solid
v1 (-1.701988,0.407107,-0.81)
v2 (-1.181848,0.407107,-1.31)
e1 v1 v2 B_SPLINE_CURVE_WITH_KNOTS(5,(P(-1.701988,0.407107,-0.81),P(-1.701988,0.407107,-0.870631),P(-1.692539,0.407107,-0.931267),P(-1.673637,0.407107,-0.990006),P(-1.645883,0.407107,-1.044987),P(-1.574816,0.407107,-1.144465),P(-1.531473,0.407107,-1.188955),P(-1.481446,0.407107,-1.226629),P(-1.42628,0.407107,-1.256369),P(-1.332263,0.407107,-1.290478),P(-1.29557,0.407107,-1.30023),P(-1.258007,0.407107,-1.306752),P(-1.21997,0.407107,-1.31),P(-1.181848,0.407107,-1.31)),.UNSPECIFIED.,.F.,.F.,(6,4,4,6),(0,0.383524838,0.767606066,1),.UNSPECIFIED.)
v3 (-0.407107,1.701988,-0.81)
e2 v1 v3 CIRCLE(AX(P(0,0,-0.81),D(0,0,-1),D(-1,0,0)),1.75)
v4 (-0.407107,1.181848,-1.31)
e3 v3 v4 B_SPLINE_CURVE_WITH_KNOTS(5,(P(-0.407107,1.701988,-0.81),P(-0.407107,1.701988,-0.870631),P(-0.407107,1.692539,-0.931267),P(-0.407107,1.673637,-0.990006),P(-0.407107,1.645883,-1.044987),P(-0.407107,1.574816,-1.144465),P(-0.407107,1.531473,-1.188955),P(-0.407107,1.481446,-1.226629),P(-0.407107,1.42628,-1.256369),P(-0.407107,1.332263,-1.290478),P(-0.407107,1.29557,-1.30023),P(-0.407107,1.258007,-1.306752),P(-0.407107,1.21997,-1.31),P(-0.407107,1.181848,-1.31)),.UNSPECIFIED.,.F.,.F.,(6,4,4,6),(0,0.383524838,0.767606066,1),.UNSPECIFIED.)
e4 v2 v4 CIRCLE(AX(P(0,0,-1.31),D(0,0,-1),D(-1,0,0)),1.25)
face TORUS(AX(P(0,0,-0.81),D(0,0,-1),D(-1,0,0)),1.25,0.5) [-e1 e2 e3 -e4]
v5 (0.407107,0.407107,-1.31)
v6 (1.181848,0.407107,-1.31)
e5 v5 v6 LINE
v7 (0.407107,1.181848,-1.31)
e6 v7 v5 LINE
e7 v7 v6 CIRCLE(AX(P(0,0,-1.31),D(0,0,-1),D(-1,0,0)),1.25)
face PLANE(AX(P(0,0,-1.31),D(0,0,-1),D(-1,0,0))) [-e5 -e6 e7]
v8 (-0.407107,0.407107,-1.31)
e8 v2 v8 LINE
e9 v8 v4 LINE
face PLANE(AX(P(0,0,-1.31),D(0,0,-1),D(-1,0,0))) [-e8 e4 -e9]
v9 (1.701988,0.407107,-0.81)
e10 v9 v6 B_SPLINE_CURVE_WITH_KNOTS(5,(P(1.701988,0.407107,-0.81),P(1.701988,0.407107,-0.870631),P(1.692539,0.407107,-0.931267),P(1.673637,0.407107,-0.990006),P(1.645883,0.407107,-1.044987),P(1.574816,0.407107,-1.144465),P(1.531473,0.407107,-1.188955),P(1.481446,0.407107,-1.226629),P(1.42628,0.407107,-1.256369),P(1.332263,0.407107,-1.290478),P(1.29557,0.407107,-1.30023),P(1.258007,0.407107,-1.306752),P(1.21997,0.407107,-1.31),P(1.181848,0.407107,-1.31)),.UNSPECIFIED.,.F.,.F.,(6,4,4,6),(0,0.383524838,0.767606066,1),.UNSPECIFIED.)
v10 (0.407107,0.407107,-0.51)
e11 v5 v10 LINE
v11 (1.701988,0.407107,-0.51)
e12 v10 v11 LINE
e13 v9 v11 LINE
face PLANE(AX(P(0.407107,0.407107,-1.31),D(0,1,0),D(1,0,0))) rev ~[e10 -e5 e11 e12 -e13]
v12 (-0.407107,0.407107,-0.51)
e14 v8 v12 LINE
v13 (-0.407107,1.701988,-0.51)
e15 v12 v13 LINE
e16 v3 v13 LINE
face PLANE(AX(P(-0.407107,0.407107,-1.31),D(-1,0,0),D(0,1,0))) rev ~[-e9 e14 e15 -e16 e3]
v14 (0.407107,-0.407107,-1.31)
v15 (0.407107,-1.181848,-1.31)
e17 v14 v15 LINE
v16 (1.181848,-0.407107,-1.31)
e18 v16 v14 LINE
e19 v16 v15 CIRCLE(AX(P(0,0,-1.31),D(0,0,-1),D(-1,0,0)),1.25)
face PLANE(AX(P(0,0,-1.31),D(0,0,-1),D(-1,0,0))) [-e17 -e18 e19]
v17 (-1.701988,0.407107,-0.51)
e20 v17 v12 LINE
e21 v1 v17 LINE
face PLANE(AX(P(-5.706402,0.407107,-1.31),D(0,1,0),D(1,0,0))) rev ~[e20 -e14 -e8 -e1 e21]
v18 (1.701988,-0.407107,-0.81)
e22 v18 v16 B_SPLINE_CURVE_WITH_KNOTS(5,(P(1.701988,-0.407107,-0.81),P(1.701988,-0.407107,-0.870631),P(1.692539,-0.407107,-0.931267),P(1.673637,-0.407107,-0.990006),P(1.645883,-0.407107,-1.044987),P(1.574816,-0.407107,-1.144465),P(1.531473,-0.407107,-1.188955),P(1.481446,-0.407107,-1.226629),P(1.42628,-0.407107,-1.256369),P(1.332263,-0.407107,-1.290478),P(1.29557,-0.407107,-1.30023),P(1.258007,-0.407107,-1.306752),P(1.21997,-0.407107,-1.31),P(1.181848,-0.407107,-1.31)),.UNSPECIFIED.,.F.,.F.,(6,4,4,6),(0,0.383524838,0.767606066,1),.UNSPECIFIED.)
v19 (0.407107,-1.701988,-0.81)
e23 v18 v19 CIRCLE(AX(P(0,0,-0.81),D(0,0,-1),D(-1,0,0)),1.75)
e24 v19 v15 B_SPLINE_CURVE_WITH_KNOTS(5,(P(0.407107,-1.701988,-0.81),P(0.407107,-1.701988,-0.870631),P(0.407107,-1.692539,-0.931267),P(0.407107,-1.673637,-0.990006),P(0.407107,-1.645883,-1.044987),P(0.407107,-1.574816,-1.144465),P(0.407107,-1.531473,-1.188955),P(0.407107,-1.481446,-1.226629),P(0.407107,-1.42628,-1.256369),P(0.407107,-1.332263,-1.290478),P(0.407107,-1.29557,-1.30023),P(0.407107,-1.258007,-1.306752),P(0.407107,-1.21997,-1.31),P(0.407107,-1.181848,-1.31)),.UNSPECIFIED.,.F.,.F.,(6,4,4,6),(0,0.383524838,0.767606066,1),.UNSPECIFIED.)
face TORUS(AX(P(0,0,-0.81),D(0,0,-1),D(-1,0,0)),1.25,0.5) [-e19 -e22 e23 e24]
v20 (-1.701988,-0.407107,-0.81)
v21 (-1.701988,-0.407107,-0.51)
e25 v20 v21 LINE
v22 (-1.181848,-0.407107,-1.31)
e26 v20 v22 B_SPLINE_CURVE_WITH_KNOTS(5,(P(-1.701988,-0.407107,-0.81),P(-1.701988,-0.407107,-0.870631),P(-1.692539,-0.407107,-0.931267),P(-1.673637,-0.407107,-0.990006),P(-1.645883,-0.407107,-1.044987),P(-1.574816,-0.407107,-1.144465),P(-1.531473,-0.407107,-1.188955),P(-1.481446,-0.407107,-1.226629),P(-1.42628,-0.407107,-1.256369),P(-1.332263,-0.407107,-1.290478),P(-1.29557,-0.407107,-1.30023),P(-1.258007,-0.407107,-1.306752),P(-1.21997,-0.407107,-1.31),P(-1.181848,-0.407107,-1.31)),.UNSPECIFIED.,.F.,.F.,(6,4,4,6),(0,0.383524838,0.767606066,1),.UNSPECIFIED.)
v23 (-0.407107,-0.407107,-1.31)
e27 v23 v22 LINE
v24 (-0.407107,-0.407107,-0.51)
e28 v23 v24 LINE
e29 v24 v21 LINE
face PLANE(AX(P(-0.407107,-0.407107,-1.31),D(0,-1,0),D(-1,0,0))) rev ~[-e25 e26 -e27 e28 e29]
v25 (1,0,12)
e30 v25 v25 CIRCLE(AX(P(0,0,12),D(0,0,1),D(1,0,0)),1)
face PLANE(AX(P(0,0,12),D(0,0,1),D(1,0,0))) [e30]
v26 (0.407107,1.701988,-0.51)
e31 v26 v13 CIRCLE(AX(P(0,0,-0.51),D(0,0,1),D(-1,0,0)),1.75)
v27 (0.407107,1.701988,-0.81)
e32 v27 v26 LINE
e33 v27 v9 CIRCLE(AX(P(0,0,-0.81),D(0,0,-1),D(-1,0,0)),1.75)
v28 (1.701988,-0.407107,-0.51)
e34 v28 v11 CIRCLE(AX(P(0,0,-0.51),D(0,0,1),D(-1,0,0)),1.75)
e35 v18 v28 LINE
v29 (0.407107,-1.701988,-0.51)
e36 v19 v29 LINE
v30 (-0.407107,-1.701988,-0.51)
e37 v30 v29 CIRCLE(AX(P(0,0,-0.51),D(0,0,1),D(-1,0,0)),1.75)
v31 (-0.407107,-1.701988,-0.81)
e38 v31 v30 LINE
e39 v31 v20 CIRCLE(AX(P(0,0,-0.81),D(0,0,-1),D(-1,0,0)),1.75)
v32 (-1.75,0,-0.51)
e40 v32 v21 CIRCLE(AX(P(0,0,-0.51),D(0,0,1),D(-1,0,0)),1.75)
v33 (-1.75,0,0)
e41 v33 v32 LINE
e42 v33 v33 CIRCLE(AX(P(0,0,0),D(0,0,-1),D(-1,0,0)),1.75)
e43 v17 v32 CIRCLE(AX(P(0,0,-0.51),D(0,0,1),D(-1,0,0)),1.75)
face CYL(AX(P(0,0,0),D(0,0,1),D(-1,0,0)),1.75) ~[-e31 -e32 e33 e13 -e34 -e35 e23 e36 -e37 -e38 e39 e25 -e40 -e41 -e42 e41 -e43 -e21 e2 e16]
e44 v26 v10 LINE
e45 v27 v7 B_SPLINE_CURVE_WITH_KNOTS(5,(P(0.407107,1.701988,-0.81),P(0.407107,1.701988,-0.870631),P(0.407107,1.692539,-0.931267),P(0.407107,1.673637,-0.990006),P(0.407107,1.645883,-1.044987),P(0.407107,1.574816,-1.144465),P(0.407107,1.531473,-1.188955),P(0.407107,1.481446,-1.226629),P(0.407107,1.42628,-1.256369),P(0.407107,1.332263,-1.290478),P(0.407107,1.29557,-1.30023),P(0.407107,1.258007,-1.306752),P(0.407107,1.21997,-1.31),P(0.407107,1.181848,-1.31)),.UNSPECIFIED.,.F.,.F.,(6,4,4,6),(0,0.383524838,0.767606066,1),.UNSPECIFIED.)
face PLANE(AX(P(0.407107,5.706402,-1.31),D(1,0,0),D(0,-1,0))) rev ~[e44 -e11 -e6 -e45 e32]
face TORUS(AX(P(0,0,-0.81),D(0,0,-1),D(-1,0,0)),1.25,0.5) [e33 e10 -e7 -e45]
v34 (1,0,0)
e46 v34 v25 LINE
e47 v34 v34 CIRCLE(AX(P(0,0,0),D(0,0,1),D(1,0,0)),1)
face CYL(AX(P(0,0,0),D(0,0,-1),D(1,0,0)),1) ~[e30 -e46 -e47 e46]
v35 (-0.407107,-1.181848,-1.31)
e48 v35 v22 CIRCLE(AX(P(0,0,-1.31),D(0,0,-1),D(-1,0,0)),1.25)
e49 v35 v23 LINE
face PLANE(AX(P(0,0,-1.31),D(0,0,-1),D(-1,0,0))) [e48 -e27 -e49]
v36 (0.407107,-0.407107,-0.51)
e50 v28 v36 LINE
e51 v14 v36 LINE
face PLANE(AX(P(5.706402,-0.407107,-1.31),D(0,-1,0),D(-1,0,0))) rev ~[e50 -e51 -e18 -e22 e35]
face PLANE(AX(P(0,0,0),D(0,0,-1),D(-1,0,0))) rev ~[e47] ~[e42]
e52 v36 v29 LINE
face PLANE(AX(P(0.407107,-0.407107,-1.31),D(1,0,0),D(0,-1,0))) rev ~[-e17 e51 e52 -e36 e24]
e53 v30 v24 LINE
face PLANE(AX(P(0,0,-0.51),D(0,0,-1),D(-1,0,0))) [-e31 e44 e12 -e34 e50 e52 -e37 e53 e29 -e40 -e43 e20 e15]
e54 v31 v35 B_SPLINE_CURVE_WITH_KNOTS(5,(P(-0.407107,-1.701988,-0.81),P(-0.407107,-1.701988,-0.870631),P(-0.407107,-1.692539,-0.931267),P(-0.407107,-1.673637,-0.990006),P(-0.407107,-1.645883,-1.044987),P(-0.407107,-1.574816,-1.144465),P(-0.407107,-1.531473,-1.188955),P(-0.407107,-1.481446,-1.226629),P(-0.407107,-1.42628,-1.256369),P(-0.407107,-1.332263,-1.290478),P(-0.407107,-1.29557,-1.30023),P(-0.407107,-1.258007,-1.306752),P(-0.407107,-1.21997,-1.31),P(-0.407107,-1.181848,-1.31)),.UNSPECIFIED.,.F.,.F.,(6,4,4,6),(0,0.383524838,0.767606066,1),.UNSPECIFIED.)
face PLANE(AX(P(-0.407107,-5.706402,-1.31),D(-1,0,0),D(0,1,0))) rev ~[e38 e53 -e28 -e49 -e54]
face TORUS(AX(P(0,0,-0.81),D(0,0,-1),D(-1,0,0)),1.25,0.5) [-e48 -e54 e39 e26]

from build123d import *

# Parameters (mm, degrees)
SKETCH_1_R          = 1
EXTRUDE_1_DEPTH     = 12
SKETCH_2_R          = 1.75
EXTRUDE_2_DEPTH     = 1.31
FILLET_1_R          = 0.5
CUT_EXTRUDE_1_DEPTH = 0.8


with BuildPart() as part:
    # 草图1 → 凸台-拉伸1 (new body)
    with BuildSketch(Plane.XY):
        Circle(SKETCH_1_R)
    extrude(amount=EXTRUDE_1_DEPTH)

    # 草图2 → 凸台-拉伸2 (add)
    with BuildSketch(Plane(origin=(0, 0, 0), x_dir=(-1, 0, 0), z_dir=(0, 0, -1))):
        Circle(SKETCH_2_R)
    extrude(amount=EXTRUDE_2_DEPTH)

    # 圆角1
    fillet_1_edges = [part.edges().sort_by_distance(p)[0] for p in [
        (1.75, 0, -1.31),
    ]]
    fillet(fillet_1_edges, radius=FILLET_1_R)

    # 草图3 → 切除-拉伸1 (cut)
    with BuildSketch(Plane(origin=(0, 0, -1.31), x_dir=(-1, 0, 0), z_dir=(0, 0, -1))):
        Polygon((0.407106781, 0.407106781), (0.407106781, 5.706401657), (-0.407106781, 5.706401657), (-0.407106781, 0.407106781), (-5.706401657, 0.407106781), (-5.706401657, -0.407106781), (-0.407106781, -0.407106781), (-0.407106781, -5.706401657), (0.407106781, -5.706401657), (0.407106781, -0.407106781), (5.706401657, -0.407106781), (5.706401657, 0.407106781), align=None)
    extrude(amount=-CUT_EXTRUDE_1_DEPTH, mode=Mode.SUBTRACT)


solid = part.part
